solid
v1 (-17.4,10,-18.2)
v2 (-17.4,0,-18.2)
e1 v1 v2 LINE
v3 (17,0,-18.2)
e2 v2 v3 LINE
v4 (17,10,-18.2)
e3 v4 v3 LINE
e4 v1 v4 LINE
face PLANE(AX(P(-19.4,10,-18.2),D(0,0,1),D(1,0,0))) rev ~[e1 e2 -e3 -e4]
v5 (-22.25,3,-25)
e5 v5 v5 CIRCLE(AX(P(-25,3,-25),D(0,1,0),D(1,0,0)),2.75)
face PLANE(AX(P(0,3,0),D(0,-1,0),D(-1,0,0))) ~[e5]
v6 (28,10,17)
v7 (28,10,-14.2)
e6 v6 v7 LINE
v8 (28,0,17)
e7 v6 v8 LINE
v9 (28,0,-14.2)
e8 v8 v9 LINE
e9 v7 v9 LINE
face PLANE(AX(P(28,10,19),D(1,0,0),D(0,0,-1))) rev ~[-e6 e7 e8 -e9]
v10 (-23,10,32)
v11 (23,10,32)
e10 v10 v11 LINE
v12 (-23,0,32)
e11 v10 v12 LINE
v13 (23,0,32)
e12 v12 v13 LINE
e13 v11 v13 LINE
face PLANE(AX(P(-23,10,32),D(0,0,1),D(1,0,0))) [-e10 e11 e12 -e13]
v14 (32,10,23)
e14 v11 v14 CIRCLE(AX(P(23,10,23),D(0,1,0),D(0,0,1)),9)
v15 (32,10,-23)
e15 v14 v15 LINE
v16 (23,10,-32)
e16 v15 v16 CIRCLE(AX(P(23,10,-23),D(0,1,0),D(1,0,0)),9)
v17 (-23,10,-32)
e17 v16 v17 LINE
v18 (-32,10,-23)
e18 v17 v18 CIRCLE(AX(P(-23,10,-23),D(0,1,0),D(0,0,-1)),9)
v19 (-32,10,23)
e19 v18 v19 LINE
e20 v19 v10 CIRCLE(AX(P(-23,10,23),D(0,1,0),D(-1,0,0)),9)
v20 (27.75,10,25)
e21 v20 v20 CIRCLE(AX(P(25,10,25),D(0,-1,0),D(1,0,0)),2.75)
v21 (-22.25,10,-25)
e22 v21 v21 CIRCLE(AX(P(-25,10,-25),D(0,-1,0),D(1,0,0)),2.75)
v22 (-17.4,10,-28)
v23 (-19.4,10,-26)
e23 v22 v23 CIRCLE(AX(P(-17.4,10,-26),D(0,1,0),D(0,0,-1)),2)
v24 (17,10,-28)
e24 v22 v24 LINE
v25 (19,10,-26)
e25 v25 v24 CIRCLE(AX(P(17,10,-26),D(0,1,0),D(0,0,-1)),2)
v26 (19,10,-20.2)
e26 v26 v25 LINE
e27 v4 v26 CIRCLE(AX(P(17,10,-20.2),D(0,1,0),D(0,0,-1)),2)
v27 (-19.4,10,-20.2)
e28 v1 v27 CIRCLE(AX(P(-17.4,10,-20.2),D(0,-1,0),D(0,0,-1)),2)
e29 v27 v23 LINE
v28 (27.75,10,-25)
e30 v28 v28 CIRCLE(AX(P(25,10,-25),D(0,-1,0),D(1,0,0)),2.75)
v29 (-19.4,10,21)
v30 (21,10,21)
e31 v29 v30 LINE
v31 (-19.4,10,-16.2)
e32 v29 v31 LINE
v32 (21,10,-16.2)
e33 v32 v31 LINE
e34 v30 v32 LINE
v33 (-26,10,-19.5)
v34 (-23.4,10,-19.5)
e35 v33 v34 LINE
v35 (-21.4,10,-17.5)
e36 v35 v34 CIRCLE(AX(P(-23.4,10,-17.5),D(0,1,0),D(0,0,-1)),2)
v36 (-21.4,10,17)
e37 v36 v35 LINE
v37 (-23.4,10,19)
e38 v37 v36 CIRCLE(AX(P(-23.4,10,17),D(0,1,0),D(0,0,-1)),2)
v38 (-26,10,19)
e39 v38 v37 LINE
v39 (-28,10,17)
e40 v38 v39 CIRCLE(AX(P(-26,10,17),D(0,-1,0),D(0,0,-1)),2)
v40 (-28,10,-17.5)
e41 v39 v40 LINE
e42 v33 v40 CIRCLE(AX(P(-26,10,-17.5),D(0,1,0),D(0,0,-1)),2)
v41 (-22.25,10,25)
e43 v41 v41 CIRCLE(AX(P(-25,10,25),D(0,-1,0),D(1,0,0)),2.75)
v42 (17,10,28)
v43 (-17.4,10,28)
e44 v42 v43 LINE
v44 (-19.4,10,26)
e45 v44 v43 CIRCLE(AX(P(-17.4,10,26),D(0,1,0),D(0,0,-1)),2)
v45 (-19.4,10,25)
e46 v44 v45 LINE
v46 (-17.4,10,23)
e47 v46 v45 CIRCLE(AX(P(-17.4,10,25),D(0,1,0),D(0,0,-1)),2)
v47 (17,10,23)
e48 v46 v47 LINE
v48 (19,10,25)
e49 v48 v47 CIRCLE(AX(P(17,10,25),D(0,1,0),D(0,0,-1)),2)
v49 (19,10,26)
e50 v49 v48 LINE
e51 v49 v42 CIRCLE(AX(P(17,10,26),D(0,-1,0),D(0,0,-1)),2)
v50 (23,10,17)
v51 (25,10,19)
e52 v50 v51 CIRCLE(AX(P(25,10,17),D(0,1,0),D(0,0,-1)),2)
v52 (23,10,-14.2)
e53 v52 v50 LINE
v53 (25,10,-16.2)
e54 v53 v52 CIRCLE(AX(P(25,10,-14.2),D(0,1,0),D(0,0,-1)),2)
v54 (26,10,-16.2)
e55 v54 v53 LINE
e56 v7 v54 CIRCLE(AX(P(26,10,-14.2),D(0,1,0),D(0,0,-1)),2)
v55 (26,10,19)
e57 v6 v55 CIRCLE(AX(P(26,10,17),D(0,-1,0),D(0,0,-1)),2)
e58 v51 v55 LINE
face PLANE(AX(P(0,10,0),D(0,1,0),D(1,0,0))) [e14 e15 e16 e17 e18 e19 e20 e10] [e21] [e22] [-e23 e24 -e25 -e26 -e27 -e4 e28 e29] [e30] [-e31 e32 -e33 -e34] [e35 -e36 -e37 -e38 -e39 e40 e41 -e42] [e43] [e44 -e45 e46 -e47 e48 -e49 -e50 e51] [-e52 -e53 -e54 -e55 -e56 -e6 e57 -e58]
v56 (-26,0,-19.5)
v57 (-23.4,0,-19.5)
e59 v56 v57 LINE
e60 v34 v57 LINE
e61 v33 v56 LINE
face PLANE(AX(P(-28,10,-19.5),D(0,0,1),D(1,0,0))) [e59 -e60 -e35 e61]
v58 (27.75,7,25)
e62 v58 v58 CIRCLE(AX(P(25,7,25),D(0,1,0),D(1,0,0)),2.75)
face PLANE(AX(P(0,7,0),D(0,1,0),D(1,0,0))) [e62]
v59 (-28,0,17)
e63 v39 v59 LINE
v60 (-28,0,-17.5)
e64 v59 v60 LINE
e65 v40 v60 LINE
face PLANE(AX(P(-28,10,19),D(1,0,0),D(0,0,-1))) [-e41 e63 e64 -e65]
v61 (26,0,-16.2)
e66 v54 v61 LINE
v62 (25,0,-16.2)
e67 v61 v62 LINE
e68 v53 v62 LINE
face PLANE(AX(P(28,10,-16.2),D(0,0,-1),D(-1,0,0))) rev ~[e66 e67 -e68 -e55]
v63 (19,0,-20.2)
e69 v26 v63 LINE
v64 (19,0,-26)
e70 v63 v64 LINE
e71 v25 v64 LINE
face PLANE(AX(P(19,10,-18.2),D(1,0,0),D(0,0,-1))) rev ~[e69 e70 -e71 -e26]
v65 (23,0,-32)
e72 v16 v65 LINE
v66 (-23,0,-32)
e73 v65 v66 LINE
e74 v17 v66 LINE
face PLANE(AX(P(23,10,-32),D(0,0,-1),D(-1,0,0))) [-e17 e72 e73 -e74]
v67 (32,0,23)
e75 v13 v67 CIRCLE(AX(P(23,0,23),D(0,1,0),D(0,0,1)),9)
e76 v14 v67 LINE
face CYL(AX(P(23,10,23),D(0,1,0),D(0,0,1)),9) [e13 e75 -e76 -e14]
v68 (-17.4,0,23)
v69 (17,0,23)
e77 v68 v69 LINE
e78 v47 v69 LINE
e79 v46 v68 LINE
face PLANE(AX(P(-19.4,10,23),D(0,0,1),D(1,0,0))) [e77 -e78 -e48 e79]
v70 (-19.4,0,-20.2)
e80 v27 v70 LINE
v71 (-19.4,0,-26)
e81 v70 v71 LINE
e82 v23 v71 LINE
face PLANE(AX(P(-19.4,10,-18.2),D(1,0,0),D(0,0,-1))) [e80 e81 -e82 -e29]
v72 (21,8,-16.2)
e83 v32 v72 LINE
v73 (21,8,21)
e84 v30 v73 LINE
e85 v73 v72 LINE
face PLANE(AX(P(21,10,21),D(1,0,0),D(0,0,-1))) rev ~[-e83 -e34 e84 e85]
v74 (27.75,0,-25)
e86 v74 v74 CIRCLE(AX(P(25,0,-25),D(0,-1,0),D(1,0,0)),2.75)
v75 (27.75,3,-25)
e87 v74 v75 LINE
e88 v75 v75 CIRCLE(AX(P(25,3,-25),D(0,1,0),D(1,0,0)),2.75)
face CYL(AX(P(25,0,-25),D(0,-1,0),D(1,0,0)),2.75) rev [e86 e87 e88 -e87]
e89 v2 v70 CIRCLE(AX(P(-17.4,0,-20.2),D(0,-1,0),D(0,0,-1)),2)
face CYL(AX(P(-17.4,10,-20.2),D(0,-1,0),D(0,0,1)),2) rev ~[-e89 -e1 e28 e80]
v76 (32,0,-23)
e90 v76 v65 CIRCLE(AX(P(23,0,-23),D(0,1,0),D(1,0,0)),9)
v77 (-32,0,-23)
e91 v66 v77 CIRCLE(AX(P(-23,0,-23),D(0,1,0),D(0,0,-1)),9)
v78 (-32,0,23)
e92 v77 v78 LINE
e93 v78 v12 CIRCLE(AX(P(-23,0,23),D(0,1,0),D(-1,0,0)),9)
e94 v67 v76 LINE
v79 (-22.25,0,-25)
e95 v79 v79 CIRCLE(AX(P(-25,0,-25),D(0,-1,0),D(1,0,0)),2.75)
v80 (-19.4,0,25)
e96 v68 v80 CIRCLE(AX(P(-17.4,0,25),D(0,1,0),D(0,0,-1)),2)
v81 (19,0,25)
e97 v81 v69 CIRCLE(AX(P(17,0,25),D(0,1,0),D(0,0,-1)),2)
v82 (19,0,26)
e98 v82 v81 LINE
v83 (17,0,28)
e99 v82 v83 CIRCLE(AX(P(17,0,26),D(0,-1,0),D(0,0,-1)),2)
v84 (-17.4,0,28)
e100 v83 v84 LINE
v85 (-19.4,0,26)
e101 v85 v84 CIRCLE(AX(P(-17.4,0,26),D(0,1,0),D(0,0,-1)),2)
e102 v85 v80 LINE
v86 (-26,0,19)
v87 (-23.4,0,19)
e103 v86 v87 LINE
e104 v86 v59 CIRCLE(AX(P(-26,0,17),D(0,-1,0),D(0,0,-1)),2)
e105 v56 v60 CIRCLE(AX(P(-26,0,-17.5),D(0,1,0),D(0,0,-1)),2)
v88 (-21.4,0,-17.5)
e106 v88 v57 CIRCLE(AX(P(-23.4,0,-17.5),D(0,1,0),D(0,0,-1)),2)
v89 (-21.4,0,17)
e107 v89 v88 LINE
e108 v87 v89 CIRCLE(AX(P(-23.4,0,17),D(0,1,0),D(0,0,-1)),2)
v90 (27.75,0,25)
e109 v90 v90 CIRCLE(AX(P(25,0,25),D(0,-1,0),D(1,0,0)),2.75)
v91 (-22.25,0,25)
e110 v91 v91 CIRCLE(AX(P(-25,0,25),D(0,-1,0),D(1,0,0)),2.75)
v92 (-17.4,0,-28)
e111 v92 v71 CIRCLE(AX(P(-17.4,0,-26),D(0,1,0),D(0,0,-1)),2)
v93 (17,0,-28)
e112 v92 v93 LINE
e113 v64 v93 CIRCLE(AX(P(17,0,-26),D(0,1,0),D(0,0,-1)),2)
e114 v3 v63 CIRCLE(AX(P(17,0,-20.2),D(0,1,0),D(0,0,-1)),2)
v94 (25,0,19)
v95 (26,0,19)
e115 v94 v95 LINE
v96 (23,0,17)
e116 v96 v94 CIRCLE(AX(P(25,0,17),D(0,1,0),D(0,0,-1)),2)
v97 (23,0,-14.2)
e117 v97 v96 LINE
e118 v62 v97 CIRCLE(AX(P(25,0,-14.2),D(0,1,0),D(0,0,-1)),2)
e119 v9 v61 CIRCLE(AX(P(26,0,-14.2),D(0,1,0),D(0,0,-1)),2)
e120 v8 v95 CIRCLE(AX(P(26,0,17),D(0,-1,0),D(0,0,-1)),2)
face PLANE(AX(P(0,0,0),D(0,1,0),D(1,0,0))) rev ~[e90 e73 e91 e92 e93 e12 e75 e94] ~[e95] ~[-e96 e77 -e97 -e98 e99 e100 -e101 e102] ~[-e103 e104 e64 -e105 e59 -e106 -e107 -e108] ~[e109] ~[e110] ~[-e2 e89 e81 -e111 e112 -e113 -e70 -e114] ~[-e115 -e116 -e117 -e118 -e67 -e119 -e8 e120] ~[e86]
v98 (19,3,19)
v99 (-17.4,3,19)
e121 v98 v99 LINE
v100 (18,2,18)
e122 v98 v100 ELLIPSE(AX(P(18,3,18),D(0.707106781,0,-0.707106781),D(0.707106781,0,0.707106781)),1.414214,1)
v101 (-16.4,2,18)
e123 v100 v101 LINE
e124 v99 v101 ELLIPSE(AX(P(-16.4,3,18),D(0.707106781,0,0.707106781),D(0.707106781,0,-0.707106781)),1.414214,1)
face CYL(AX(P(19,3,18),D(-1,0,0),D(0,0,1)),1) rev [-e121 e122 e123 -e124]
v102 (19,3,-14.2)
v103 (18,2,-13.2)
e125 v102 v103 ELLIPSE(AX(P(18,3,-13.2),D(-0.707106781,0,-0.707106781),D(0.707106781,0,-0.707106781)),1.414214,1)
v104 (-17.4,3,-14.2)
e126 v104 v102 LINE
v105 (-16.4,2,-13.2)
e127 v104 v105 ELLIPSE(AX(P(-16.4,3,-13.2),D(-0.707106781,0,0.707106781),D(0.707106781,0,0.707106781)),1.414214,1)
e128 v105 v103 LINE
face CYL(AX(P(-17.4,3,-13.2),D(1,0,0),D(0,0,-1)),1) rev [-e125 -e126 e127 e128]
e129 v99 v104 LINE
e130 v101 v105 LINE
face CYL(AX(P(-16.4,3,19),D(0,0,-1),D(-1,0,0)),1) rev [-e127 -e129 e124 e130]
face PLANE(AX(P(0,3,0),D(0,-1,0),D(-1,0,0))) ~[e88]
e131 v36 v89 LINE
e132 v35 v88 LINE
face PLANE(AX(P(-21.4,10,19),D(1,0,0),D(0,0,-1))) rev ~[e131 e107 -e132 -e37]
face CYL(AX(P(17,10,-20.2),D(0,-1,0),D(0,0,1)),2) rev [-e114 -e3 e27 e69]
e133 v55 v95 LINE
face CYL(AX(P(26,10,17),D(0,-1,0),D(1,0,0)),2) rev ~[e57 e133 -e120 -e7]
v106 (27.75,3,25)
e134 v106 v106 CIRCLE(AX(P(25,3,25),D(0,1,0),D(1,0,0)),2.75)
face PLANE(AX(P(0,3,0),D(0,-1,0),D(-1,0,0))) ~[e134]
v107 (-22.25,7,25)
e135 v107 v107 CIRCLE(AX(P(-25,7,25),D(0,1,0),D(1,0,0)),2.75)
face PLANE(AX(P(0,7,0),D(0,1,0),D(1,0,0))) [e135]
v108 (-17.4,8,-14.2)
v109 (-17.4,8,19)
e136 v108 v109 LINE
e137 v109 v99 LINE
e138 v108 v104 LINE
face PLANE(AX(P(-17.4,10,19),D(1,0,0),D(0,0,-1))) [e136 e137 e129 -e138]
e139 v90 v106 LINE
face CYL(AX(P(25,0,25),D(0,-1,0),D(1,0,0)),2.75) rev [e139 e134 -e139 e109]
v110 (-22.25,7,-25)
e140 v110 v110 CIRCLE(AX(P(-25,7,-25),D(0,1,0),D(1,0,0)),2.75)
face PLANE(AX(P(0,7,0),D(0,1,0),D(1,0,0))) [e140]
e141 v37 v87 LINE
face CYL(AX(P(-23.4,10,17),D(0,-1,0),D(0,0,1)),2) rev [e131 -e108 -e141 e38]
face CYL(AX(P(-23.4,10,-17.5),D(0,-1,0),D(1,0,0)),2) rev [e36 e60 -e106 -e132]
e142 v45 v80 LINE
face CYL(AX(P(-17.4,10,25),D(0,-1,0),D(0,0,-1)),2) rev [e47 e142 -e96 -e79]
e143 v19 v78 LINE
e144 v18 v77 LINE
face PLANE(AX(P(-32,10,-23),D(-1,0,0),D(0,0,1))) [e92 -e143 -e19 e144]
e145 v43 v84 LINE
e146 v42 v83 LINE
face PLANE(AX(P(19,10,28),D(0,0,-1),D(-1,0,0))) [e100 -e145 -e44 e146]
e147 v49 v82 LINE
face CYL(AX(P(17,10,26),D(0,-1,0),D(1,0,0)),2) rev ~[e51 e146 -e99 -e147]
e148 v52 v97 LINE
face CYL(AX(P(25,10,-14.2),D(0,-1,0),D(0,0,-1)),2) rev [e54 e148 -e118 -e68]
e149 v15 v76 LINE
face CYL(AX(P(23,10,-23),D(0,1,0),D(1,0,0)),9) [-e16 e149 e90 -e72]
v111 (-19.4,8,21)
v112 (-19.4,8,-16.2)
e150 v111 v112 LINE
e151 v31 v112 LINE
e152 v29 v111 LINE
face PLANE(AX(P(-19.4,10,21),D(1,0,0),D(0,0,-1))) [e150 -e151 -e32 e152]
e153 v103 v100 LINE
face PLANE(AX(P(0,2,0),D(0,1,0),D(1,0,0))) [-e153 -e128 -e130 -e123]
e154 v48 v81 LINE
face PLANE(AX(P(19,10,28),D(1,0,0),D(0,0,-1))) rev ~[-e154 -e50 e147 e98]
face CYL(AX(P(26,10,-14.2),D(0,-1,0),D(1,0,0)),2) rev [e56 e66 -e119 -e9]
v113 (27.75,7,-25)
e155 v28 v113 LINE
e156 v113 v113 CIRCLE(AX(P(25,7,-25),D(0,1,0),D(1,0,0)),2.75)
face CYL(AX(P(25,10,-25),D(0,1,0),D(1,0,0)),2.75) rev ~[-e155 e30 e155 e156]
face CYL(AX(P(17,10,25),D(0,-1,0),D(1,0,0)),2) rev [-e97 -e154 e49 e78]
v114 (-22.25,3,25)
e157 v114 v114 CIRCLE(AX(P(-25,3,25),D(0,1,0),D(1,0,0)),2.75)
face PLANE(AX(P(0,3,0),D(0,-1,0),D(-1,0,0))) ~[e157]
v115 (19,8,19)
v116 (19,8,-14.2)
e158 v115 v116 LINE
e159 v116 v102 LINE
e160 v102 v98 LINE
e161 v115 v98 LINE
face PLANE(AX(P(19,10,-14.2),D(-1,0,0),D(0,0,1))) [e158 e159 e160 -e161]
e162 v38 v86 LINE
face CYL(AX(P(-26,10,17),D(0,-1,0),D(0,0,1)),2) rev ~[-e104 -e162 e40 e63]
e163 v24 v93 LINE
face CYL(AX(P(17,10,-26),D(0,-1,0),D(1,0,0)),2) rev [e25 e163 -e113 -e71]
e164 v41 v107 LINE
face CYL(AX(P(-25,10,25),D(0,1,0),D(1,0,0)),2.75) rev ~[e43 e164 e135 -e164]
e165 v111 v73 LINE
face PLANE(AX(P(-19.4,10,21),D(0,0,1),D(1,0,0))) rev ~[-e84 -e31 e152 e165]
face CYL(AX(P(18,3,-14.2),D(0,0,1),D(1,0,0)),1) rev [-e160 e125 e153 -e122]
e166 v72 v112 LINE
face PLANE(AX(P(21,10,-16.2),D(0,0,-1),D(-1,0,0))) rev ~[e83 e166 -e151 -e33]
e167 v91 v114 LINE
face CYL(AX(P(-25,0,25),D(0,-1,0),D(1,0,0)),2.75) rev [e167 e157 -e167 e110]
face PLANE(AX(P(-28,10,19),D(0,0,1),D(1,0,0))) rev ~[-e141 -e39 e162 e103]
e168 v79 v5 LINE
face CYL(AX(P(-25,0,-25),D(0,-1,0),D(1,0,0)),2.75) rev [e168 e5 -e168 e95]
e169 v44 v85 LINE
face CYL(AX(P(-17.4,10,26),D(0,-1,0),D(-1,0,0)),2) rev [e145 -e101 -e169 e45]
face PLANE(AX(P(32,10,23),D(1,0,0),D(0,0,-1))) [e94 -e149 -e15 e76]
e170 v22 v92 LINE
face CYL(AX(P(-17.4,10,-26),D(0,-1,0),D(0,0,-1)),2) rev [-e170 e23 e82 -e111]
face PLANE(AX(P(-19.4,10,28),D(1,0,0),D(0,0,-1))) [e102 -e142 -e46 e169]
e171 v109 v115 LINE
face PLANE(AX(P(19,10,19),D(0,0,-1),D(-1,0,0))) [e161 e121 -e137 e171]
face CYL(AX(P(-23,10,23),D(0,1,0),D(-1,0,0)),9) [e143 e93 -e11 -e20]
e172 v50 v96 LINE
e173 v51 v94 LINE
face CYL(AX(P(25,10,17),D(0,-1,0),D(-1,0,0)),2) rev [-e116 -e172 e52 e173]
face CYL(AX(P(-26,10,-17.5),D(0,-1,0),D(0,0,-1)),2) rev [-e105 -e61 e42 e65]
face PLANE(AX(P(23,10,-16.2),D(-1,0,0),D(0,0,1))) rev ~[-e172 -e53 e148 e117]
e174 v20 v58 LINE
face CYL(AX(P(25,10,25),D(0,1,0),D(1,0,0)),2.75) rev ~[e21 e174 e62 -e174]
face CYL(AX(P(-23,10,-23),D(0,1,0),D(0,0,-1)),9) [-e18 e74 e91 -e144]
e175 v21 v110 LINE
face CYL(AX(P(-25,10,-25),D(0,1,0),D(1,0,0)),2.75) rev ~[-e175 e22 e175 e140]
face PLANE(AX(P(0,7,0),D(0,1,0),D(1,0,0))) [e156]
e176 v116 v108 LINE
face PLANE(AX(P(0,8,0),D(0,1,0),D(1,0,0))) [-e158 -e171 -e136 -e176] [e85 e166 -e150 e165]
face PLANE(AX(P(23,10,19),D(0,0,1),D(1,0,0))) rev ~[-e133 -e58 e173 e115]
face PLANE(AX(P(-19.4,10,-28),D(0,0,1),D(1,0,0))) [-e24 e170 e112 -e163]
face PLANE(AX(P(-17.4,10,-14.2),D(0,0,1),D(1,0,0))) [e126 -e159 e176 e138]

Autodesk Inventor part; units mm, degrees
ref_plane "YZ Plane" through (0, 0, 0) normal (1, 0, 0) x (0, 1, 0)
ref_plane "XZ Plane" through (0, 0, 0) normal (0, 1, 0) x (-1, 0, 0)
sketch "Sketch1" plane through (0, 0, 0) normal (0, 1, 0) x (-1, 0, 0)
  line L0 (30, 30) -> (-30, 30)
  line L1 (-30, 30) -> (-30, -30)
  line L2 (-30, -30) -> (30, -30)
  line L3 (30, -30) -> (30, 30)
  line L4 (30, 30) -> (-30, -30) construction
  line L5 (-30, 30) -> (30, -30) construction
  point P0 (0, 0)
  dimension "d0" = 60
  dimension "d1" = 60
extrude "Extrusion1" add sketch "Sketch1" along normal blind 10
fillet "Fillet1" radius 7 4 edges at (30, 5, 30) (30, 5, -30) (-30, 5, 30) (-30, 5, -30)
sketch "Sketch2" plane through (0, 10, 0) normal (0, 1, 0) x (1, 0, 0)
  line L0 (-30, 30) -> (30, 30)
  line L1 (30, 30) -> (30, -30)
  line L2 (30, -30) -> (-30, -30)
  line L3 (-30, -30) -> (-30, 30)
  line L4 (-30, 30) -> (30, -30) construction
  line L5 (30, 30) -> (-30, -30) construction
  line L6 (25, -25) -> (25, 25)
  line L7 (25, 25) -> (-25, 25)
  line L8 (-25, 25) -> (-25, -25)
  line L9 (-25, -25) -> (25, -25)
  circle A0 centre (25, -25) radius 2.75
  circle A1 centre (-25, -25) radius 2.75
  circle A2 centre (25, 25) radius 2.75
  circle A3 centre (-25, 25) radius 2.75
  point P0 (0, 0)
  dimension "d5" = 5
  dimension "d6" = 5.5
  dimension "d7" = 5.5
  dimension "d8" = 5.5
  dimension "d9" = 5.5
extrude "Extrusion2" cut sketch "Sketch2" against normal blind 3 contours L9 A0 L6 | L6 A0 L9 | A2 L7 L6 | L6 L7 A2 | A1 L8 L9 | L9 L8 A1 | A3 L8 L7 | L7 L8 A3
sketch "Sketch7" plane through (0, 10, 0) normal (0, 1, 0) x (1, 0, 0)
  line L0 (-23, 30) -> (23, 30)
  line L1 (30, 23) -> (30, -23)
  line L2 (23, -30) -> (-23, -30)
  line L3 (-30, -23) -> (-30, 23)
  line L4 (-30, 30) -> (30, -30) construction
  line L5 (30, 30) -> (-30, -30) construction
  arc A0 (-23, 30) -> (-30, 23) centre (-23, 23) ccw
  arc A1 (-30, -23) -> (-23, -30) centre (-23, -23) ccw
  arc A2 (23, -30) -> (30, -23) centre (23, -23) ccw
  arc A3 (30, 23) -> (23, 30) centre (23, 23) ccw
  line L6 (23, 32) -> (-23, 32)
  arc A4 (-23, 32) -> (-32, 23) centre (-23, 23) ccw
  line L7 (-32, 23) -> (-32, -23)
  arc A5 (-32, -23) -> (-23, -32) centre (-23, -23) ccw
  line L8 (-23, -32) -> (23, -32)
  arc A6 (23, -32) -> (32, -23) centre (23, -23) ccw
  line L9 (32, -23) -> (32, 23)
  arc A7 (32, 23) -> (23, 32) centre (23, 23) ccw
  point P0 (0, 0)
  dimension "d47" = 7
  dimension "d48" = 2
extrude "Extrusion6" add sketch "Sketch7" against normal blind 10
sketch "Sketch11" plane through (0, 10, 0) normal (0, 1, 0) x (1, 0, 0)
  circle A0 centre (25, -25) radius 2.75 projected
  line L0 (-25, 25) -> (25, 25)
  line L1 (25, 25) -> (25, -25)
  line L2 (25, -25) -> (-25, -25)
  line L3 (-25, -25) -> (-25, 25)
  line L4 (-25, 25) -> (25, -25) construction
  line L5 (25, 25) -> (-25, -25) construction
  line L6 (21, -21) -> (21, 16.2)
  line L7 (-19.4, -21) -> (21, -21)
  line L8 (-19.4, -21) -> (-19.4, 16.2)
  line L9 (21, 16.2) -> (-19.4, 16.2)
  line L10 (-17.4, 14.2) -> (-17.4, -19)
  line L11 (-17.4, -19) -> (19, -19)
  line L12 (19, -19) -> (19, 14.2)
  line L13 (19, 14.2) -> (-17.4, 14.2)
  point P0 (0, 0)
  dimension "d66" = 4
  dimension "d67" = 40.4
  dimension "d68" = 37.2
  dimension "d69" = 2
extrude "Extrusion9" cut sketch "Sketch11" against normal blind 2 contours L7 L8 L9 L6
sketch "Sketch12" plane through (0, 10, 0) normal (0, 1, 0) x (1, 0, 0)
  line L0 (-17.4, 14.2) -> (19, 14.2)
  line L1 (19, 14.2) -> (19, -19)
  line L2 (19, -19) -> (-17.4, -19)
  line L3 (-17.4, -19) -> (-17.4, 14.2)
  point P0 (0, 0)
extrude "Extrusion10" cut sketch "Sketch12" against normal blind 8
sketch "Sketch13" plane through (0, 10, 0) normal (0, 1, 0) x (1, 0, 0)
  line L0 (23, 32) -> (-23, 32) projected
  line L1 (-19.4, 18.2) -> (-19.4, 28)
  line L2 (-19.4, 28) -> (19, 28)
  line L3 (-19.4, 18.2) -> (19, 18.2)
  line L4 (32, -23) -> (32, 23) projected
  line L5 (21, 16.2) -> (21, -21) projected
  line L6 (28, 16.2) -> (23, 16.2)
  line L7 (23, 16.2) -> (23, -19)
  line L8 (28, -19) -> (28, 16.2)
  line L9 (23, -19) -> (28, -19)
  line L10 (21, -21) -> (-19.4, -21) projected
  line L11 (-23, -32) -> (23, -32) projected
  line L12 (19, -28) -> (19, -23)
  line L13 (19, -28) -> (-19.4, -28)
  line L14 (-19.4, -28) -> (-19.4, -23)
  line L15 (-19.4, -23) -> (19, -23)
  line L16 (19, 18.2) -> (19, 28)
  line L17 (19, 14.2) -> (19, -19) projected
  line L18 (-32, 23) -> (-32, -23) projected
  line L19 (-19.4, -21) -> (-19.4, 16.2) projected
  line L20 (-28, -19) -> (-28, 19.5)
  line L21 (-28, -19) -> (-21.4, -19)
  line L22 (-21.4, -19) -> (-21.4, 19.5)
  line L23 (-28, 19.5) -> (-21.4, 19.5)
  dimension "d77" = 2
  dimension "d78" = 4
  dimension "d81" = 2
  dimension "d84" = 2
  dimension "d87" = 4
  dimension "d88" = 4
  dimension "d89" = 2
  dimension "d90" = 38.5
extrude "Extrusion11" cut sketch "Sketch13" against normal through all
fillet "Fillet3" radius 2 16 edges at (-19.4, 5, -28) (-28, 5, -19.5) (23, 5, -16.2) (-19.4, 5, 23) (19, 5, -28) (-21.4, 5, -19.5) (28, 5, -16.2) (19, 5, 23) (19, 5, -18.2) (28, 5, 19) (19, 5, 28) (-21.4, 5, 19) (-19.4, 5, -18.2) (23, 5, 19) (-19.4, 5, 28) (-28, 5, 19)
fillet "Fillet3" radius 1 4 edges at (0.8, 2, -14.2) (19, 2, 2.4) (-17.4, 2, 2.4) (0.8, 2, 19)
ref_plane "Work Plane2" through (0, 5, 0) normal (0, 1, 0) x (1, 0, 0)
mirror "Mirror2" about plane through (0, 5, 0) normal (0, 1, 0) of "Extrusion2"
properties part number "20 pin IC holder2"
